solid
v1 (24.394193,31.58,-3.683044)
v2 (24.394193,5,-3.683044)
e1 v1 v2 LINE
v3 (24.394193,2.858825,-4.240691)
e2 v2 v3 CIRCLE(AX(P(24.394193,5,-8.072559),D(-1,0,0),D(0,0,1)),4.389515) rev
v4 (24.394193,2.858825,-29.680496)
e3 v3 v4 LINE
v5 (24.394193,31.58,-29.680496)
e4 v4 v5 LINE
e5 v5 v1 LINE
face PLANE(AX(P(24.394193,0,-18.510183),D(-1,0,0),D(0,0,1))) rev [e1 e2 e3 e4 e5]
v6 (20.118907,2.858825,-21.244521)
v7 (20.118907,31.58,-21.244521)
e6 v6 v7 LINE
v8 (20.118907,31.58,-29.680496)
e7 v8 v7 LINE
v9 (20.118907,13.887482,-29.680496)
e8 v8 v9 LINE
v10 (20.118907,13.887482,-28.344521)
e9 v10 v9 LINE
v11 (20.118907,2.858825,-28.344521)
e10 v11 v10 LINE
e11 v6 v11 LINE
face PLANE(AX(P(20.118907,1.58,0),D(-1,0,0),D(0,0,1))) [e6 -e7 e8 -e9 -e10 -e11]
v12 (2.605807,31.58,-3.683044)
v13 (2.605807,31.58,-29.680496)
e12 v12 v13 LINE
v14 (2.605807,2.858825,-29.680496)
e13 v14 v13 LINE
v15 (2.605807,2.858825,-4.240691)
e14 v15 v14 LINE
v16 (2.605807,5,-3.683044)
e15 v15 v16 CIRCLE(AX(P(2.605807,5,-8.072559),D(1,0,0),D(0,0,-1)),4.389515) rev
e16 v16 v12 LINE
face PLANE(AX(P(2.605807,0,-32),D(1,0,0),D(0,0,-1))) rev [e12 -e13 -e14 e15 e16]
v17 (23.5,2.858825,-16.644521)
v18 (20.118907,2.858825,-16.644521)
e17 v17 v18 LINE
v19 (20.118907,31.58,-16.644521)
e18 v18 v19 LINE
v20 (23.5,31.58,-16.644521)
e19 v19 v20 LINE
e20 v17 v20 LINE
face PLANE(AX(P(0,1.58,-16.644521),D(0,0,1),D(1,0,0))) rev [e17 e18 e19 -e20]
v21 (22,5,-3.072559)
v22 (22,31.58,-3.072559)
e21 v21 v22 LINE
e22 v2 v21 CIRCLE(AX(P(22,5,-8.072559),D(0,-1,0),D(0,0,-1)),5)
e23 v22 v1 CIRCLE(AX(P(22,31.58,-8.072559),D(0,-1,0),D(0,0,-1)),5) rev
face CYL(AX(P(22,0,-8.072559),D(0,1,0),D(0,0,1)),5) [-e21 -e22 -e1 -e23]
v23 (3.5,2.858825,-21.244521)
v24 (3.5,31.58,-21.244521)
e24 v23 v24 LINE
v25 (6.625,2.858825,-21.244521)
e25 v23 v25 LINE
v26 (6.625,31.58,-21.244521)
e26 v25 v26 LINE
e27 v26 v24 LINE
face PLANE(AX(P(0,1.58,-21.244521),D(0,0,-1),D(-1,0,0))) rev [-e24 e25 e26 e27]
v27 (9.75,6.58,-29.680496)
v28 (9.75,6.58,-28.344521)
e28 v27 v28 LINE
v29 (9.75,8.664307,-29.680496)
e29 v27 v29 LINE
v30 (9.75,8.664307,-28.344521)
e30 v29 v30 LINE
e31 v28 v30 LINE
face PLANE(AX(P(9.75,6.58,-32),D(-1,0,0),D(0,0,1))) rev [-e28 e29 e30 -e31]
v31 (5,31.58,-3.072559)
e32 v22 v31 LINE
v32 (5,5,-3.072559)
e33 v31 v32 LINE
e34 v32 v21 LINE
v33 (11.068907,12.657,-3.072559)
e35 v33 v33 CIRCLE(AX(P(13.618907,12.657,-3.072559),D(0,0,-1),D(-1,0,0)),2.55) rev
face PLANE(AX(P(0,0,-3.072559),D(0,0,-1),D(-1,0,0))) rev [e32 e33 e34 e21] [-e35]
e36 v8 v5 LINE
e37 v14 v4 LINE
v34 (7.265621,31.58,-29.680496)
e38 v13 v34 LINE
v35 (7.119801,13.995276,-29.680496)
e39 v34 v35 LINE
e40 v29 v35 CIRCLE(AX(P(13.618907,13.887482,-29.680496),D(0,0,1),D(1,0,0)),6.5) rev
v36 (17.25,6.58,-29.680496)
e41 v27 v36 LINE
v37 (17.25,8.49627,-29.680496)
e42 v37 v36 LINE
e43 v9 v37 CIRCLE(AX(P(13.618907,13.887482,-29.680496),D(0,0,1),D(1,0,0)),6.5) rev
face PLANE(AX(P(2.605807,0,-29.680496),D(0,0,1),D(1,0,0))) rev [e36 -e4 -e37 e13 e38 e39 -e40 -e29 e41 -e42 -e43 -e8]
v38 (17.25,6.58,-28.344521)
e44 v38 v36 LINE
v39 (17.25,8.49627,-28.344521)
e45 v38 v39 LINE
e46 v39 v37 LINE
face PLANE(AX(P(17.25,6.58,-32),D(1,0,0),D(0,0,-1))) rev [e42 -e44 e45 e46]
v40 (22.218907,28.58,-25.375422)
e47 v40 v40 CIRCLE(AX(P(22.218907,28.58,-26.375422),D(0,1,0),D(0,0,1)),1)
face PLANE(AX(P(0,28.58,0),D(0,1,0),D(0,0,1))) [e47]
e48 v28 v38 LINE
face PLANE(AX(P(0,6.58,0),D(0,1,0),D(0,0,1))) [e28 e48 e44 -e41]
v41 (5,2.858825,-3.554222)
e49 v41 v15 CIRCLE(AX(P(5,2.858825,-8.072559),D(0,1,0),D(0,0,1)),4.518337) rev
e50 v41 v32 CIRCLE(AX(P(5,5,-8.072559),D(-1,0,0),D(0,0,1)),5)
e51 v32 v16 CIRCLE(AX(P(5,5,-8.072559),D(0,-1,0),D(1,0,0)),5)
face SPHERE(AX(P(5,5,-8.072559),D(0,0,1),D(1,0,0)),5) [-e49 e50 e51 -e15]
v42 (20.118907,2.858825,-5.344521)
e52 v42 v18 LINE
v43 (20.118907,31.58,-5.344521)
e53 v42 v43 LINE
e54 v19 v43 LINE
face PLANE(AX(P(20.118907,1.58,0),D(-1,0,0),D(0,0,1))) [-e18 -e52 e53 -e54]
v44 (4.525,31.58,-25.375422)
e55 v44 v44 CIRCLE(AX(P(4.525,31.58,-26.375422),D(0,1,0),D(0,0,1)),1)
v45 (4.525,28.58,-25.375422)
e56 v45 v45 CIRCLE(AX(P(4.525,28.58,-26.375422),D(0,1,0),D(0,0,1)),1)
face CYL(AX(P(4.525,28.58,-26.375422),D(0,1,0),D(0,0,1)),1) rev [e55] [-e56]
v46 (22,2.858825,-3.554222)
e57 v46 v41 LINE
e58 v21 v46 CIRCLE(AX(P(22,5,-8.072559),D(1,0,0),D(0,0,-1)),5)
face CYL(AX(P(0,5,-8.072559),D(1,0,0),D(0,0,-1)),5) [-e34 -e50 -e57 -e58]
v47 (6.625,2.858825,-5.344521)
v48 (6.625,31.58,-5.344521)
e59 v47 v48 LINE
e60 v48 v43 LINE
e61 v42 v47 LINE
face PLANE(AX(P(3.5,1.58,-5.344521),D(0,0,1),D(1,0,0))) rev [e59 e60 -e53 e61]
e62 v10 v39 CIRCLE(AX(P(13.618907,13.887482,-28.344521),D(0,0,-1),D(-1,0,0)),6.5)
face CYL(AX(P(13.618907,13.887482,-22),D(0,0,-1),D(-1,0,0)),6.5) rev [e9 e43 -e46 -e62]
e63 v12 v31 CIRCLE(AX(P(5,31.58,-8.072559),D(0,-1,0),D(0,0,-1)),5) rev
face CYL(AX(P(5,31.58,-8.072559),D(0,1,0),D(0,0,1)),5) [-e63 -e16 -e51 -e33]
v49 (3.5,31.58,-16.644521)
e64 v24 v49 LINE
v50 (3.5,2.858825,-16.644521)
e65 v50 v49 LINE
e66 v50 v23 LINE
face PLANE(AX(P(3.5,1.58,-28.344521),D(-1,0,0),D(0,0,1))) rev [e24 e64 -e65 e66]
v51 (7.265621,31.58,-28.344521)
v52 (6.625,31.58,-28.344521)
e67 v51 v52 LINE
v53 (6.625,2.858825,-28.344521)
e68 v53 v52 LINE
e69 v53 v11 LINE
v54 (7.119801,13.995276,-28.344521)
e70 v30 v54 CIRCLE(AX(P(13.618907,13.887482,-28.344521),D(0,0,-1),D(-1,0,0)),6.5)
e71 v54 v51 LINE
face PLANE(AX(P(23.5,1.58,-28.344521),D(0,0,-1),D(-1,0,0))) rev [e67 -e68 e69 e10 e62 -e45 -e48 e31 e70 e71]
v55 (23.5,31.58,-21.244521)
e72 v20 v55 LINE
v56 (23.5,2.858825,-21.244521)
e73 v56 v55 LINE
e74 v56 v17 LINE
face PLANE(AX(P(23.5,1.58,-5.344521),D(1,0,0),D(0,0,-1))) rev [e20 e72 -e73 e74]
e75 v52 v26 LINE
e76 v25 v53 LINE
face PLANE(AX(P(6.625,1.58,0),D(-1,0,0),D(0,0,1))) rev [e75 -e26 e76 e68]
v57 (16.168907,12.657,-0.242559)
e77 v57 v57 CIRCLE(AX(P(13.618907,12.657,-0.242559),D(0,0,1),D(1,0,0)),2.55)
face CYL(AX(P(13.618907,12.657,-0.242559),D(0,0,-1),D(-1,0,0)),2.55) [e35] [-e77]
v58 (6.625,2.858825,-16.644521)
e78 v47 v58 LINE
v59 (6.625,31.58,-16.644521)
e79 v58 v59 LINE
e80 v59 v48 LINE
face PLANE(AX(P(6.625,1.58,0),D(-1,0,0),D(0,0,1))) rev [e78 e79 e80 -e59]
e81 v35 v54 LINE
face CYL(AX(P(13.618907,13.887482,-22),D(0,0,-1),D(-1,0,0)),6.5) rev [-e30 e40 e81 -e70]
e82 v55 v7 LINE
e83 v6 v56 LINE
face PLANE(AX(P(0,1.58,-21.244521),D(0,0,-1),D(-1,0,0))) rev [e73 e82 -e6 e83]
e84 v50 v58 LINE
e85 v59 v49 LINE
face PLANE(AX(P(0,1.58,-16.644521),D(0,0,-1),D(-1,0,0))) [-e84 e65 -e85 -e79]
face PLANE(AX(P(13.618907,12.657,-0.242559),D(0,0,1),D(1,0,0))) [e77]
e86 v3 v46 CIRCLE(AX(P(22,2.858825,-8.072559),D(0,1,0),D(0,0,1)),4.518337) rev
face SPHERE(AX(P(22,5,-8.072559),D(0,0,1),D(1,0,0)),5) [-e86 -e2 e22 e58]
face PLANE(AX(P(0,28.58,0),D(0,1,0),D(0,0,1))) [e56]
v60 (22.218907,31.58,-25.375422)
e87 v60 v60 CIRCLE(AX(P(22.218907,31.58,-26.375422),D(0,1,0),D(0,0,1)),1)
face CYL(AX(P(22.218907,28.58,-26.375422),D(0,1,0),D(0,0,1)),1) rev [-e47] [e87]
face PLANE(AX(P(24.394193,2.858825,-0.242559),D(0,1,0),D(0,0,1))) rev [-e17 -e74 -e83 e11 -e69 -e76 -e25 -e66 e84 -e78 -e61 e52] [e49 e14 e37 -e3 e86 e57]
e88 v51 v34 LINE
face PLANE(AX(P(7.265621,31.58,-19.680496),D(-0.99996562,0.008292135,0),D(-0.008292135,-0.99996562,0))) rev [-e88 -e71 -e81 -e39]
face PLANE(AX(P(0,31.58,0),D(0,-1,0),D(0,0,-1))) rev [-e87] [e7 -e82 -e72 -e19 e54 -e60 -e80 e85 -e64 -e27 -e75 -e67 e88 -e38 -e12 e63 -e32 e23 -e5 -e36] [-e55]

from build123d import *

# Parameters (mm, degrees)
SKETCH1_W           = 27
SKETCH1_H           = 32
BOSS_EXTRUDE1_DEPTH = 31.58
SKETCH3_W           = 20
SKETCH3_H           = 23
CUT_EXTRUDE1_DEPTH  = 30
SKETCH4_W           = 7.5
SKETCH4_H           = 3.655478676
CUT_EXTRUDE2_DEPTH  = 25
SKETCH5_R           = 6.5
SKETCH5_R_2         = 1.269841787
CUT_EXTRUDE4_DEPTH  = 10
SKETCH6_W           = 27
SKETCH6_H           = 3.072558681
CUT_EXTRUDE5_DEPTH  = 32.58
FILLET2_R           = 5
SKETCH7_R           = 2.55
BOSS_EXTRUDE2_DEPTH = 2.83
SKETCH8_W           = 3.381092642
SKETCH8_H           = 7.1
SKETCH8_H_2         = 11.3
SKETCH8_W_2         = 3.125
BOSS_EXTRUDE4_DEPTH = 30
SKETCH11_W          = 2.605806733
SKETCH11_H          = 28.316955939
CUT_EXTRUDE10_DEPTH = 32.58
SKETCH12_W          = 21.788386534
SKETCH12_H          = 2.319503847
CUT_EXTRUDE11_DEPTH = 32.58
SKETCH13_W          = 21.788386534
SKETCH13_H          = 2.858824784
CUT_EXTRUDE12_DEPTH = 30.437937473
CUT_EXTRUDE13_DEPTH = 10
SKETCH15_R          = 1
CUT_EXTRUDE14_DEPTH = 3


with BuildPart() as part:
    # Sketch1 → Boss-Extrude1 (new body)
    with BuildSketch(Plane(origin=(0, 0, 0), x_dir=(1, 0, 0), z_dir=(0, 1, 0))):
        with Locations((13.5, 16)):
            Rectangle(SKETCH1_W, SKETCH1_H)
    extrude(amount=BOSS_EXTRUDE1_DEPTH)

    # Sketch3 → Cut-Extrude1 (cut)
    with BuildSketch(Plane(origin=(0, 31.58, 0), x_dir=(1, 0, 0), z_dir=(0, 1, 0))):
        with Locations((13.5, 16.844521324)):
            Rectangle(SKETCH3_W, SKETCH3_H)
    extrude(amount=-CUT_EXTRUDE1_DEPTH, mode=Mode.SUBTRACT)

    # Sketch4 → Cut-Extrude2 (cut)
    with BuildSketch(Plane(origin=(0, 31.58, 0), x_dir=(1, 0, 0), z_dir=(0, 1, 0))):
        with Locations((13.5, 30.172260662)):
            Rectangle(SKETCH4_W, SKETCH4_H)
    extrude(amount=-CUT_EXTRUDE2_DEPTH, mode=Mode.SUBTRACT)

    # Sketch5 → Cut-Extrude4 (cut)
    with BuildSketch(Plane(origin=(0, 0, -32), x_dir=(-1, 0, 0), z_dir=(0, 0, -1))):
        with Locations((-13.618907358, 13.887482267)):
            Circle(SKETCH5_R)
        with Locations((-13.618907358, 13.887482267)):
            Circle(SKETCH5_R_2, mode=Mode.SUBTRACT)
    extrude(amount=-CUT_EXTRUDE4_DEPTH, mode=Mode.SUBTRACT)

    # Sketch6 → Cut-Extrude5 (cut, through all)
    with BuildSketch(Plane(origin=(0, 31.58, 0), x_dir=(1, 0, 0), z_dir=(0, 1, 0))):
        with Locations((13.5, 1.536279341)):
            Rectangle(SKETCH6_W, SKETCH6_H)
    extrude(amount=-CUT_EXTRUDE5_DEPTH, mode=Mode.SUBTRACT)

    # Fillet2
    fillet2_edges = [part.edges().sort_by_distance(p)[0] for p in [
        (13.5, 0, -32),
        (0, 0, -17.53627934),
        (27, 0, -17.53627934),
        (13.5, 0, -3.072558681),
        (0, 15.79, -3.072558681),
        (27, 15.79, -3.072558681),
        (0, 15.79, -32),
        (27, 15.79, -32),
    ]]
    fillet(fillet2_edges, radius=FILLET2_R)

    # Sketch7 → Boss-Extrude2 (add)
    with BuildSketch(Plane.XY.offset(-3.072558681)):
        with Locations((13.618907358, 12.657)):
            Circle(SKETCH7_R)
    extrude(amount=BOSS_EXTRUDE2_DEPTH)

    # Sketch8 → Boss-Extrude4 (add)
    with BuildSketch(Plane(origin=(0, 31.58, 0), x_dir=(1, 0, 0), z_dir=(0, 1, 0))):
        with Locations((21.809453679, 24.794521324)):
            Rectangle(SKETCH8_W, SKETCH8_H)
        with Locations((21.809453679, 10.994521324)):
            Rectangle(SKETCH8_W, SKETCH8_H_2)
        with Locations((5.0625, 24.794521324)):
            Rectangle(SKETCH8_W_2, SKETCH8_H)
        with Locations((5.0625, 10.994521324)):
            Rectangle(SKETCH8_W_2, SKETCH8_H_2)
    extrude(amount=-BOSS_EXTRUDE4_DEPTH)

    # Sketch11 → Cut-Extrude10 (cut, through all)
    with BuildSketch(Plane(origin=(0, 31.58, 0), x_dir=(1, 0, 0), z_dir=(0, 1, 0))):
        with Locations((1.302903367, 17.841522031)):
            Rectangle(SKETCH11_W, SKETCH11_H)
        Polygon((24.394193267, 18.51018278), (24.394193267, 32), (27, 32), (27, 2.645827608), (24.394193267, 2.645827608), (24.394193267, 18.158757191), align=None)
    extrude(amount=-CUT_EXTRUDE10_DEPTH, mode=Mode.SUBTRACT)

    # Sketch12 → Cut-Extrude11 (cut, through all)
    with BuildSketch(Plane(origin=(0, 31.58, 0), x_dir=(1, 0, 0), z_dir=(0, 1, 0))):
        with Locations((13.5, 30.840248077)):
            Rectangle(SKETCH12_W, SKETCH12_H)
    extrude(amount=-CUT_EXTRUDE11_DEPTH, mode=Mode.SUBTRACT)

    # Sketch13 → Cut-Extrude12 (cut, through all)
    with BuildSketch(Plane(origin=(0, 0, -29.680496153), x_dir=(-1, 0, 0), z_dir=(0, 0, -1))):
        with Locations((-13.5, 1.429412392)):
            Rectangle(SKETCH13_W, SKETCH13_H)
    extrude(amount=-CUT_EXTRUDE12_DEPTH, mode=Mode.SUBTRACT)

    # Sketch14 → Cut-Extrude13 (cut)
    with BuildSketch(Plane(origin=(0, 0, -29.680496153), x_dir=(-1, 0, 0), z_dir=(0, 0, -1))):
        Polygon((-20.118907358, 13.887482267), (-20.118907358, 31.58), (-7.265621144, 31.58), (-7.118907358, 13.887482267), align=None)
    extrude(amount=-CUT_EXTRUDE13_DEPTH, mode=Mode.SUBTRACT)

    # Sketch15 → Cut-Extrude14 (cut)
    with BuildSketch(Plane(origin=(0, 31.58, 0), x_dir=(1, 0, 0), z_dir=(0, 1, 0))):
        with Locations((4.525, 26.375422159)):
            Circle(SKETCH15_R)
        with Locations((22.218907358, 26.375422159)):
            Circle(SKETCH15_R)
    extrude(amount=-CUT_EXTRUDE14_DEPTH, mode=Mode.SUBTRACT)


solid = part.part
